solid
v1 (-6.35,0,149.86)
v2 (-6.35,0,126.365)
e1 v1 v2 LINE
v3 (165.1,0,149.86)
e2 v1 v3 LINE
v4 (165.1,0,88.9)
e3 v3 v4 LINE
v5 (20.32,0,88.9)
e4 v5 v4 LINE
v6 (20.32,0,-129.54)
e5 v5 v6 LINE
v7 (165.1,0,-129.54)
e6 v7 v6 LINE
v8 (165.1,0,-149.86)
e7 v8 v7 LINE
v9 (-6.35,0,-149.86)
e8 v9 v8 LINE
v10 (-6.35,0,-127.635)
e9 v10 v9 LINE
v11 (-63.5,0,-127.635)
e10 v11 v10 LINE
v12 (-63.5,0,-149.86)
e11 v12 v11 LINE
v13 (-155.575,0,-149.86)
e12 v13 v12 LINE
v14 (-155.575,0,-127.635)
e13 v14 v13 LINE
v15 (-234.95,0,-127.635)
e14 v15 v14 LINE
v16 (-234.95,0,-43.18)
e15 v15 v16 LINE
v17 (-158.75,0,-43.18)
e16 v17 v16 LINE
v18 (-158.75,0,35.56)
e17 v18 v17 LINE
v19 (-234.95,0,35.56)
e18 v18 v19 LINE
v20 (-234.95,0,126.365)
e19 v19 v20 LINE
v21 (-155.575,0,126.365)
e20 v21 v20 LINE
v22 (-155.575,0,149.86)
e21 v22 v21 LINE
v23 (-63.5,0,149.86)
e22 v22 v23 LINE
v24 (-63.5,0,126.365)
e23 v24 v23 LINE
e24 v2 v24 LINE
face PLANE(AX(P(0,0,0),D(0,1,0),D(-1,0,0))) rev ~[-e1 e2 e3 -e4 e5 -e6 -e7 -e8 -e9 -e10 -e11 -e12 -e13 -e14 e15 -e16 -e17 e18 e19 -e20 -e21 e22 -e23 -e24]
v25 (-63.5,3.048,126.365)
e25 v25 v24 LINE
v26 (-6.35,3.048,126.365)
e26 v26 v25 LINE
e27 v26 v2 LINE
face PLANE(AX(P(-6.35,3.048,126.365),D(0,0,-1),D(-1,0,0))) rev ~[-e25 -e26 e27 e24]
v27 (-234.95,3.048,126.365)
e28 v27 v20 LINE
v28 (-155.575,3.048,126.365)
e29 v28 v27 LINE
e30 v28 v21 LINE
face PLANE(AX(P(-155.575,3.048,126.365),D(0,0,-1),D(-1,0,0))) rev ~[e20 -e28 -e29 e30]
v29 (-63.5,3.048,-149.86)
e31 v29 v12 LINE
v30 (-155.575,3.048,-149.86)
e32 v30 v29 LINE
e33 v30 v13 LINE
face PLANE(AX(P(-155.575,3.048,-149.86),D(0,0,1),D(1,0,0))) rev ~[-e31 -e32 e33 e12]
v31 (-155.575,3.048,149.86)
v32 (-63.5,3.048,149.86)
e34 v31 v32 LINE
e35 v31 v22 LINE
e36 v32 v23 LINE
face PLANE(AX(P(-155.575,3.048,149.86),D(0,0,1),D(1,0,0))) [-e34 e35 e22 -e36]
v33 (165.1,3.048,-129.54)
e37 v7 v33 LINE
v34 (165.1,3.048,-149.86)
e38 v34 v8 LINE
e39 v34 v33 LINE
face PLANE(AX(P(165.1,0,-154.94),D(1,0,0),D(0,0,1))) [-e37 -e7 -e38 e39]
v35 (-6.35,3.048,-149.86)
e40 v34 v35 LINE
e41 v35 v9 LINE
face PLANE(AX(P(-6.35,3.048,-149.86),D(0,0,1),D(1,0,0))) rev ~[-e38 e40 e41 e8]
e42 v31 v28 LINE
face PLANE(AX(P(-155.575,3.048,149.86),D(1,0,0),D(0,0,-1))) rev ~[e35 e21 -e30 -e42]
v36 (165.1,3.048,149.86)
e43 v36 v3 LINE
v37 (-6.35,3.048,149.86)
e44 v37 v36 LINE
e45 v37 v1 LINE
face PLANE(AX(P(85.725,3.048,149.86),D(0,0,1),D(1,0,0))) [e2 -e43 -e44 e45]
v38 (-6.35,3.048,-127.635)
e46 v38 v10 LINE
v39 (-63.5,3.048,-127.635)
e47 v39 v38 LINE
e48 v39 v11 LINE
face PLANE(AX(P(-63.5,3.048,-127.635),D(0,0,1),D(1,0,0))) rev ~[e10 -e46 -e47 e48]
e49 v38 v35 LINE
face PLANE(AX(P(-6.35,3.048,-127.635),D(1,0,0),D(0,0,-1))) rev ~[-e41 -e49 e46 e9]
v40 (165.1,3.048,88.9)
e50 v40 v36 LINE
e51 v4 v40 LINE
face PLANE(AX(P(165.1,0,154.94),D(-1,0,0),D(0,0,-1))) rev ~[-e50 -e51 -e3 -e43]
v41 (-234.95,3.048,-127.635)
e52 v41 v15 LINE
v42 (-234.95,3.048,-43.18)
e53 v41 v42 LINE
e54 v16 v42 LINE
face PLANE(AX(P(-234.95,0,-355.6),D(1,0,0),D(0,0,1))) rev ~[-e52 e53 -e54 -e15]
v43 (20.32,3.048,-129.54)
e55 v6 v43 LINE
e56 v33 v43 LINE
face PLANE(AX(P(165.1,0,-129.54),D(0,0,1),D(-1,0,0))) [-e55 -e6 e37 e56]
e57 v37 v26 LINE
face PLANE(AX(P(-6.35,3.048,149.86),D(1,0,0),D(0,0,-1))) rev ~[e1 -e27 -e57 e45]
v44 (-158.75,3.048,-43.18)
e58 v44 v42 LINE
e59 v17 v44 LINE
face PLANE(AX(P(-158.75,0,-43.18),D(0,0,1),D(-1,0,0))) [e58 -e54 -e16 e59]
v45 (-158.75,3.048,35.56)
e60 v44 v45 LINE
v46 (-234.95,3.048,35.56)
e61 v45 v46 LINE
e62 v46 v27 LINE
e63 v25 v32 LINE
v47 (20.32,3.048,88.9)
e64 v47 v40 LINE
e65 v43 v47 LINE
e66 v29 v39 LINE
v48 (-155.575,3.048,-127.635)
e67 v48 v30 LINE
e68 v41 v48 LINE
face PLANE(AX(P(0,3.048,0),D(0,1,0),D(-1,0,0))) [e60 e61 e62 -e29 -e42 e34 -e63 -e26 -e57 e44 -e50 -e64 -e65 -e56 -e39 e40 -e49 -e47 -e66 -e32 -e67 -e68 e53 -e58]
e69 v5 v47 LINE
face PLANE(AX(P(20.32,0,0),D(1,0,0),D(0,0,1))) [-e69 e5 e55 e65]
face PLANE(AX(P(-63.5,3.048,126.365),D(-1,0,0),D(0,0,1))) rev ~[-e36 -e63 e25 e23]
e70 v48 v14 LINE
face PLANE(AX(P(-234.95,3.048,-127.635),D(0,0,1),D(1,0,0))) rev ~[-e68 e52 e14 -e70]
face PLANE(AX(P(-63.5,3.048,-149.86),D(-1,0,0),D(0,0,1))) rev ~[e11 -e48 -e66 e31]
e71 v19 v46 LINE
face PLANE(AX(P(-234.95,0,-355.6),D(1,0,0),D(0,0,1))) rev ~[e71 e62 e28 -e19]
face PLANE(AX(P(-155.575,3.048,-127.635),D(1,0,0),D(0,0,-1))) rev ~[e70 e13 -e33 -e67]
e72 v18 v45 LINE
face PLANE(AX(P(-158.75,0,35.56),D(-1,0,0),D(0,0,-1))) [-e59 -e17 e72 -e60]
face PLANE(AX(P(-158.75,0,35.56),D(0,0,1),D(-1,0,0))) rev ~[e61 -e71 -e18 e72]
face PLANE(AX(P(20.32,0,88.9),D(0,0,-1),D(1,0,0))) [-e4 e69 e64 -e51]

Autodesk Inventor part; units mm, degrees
ref_plane "YZ Plane" through (0, 0, 0) normal (1, 0, 0) x (0, 1, 0)
ref_plane "XZ Plane" through (0, 0, 0) normal (0, 1, 0) x (-1, 0, 0)
ref_plane "XY Plane" through (0, 0, 0) normal (0, 0, 1) x (1, 0, 0)
sketch "Sketch1" plane through (0, 0, 0) normal (0, 1, 0) x (-1, 0, 0)
  line L0 (234.95, 355.6) -> (-234.95, 355.6)
  line L1 (-234.95, 355.6) -> (-234.95, -355.6)
  line L2 (-234.95, -355.6) -> (234.95, -355.6)
  line L3 (234.95, -355.6) -> (234.95, 355.6)
  line L4 (234.95, 355.6) -> (-234.95, -355.6) construction
  line L5 (-234.95, 355.6) -> (234.95, -355.6) construction
  point P0 (0, 0)
  dimension "d0" = 469.9
  dimension "d1" = 711.2
extrude "Plate1" add sketch "Sketch1" along normal blind 3.048
sketch "Sketch3" plane through (0, 3.048, 0) normal (0, 1, 0) x (1, 0, 0)
  line L0 (234.95, -355.6) -> (-234.95, -355.6) projected
  point P0 (0, 0)
sketch "Sketch4" plane through (0, 0, 0) normal (0, -1, 0) x (1, 0, 0)
  line L0 (-234.95, 355.6) -> (234.95, 355.6) projected
  line L1 (-234.95, -355.6) -> (-234.95, 355.6) projected
  line L2 (234.95, -355.6) -> (-234.95, -355.6) projected
  line L3 (234.95, 355.6) -> (234.95, -355.6) projected
  line L4 (-234.95, 355.6) -> (234.95, 355.6) projected
  line L5 (25.4, 355.6) -> (25.4, 294.64)
  line L6 (165.1, 101.6) -> (234.95, 101.6)
  line L7 (234.95, 355.6) -> (234.95, -355.6) projected
  line L8 (25.4, 294.64) -> (165.1, 154.94)
  line L9 (25.4, 294.64) -> (222.9656, 294.64) construction
  line L10 (165.1, 154.94) -> (165.1, 101.6)
  line L11 (234.95, 0) -> (-234.95, 0)
  line L12 (-234.95, -355.6) -> (-234.95, 355.6) projected
  line L13 (25.4, -355.6) -> (25.4, -294.64)
  line L14 (165.1, -127) -> (234.95, -127)
  line L15 (25.4, -294.64) -> (165.1, -154.94)
  line L16 (25.4, -294.64) -> (222.9656, -294.64) construction
  line L17 (165.1, -154.94) -> (165.1, -127)
  line L18 (-234.95, 184.15) -> (-120.65, 184.15)
  line L19 (-120.65, 184.15) -> (-120.65, 177.8)
  line L20 (-120.65, 177.8) -> (-222.25, 177.8)
  line L21 (-222.25, 177.8) -> (-222.25, 152.4)
  line L22 (-222.25, 152.4) -> (-234.95, 152.4)
  line L23 (-234.95, 149.86) -> (-219.71, 149.86)
  line L24 (-219.71, 149.86) -> (-219.71, 175.26)
  line L25 (-219.71, 175.26) -> (-118.11, 175.26)
  line L26 (-118.11, 175.26) -> (-118.11, 186.69)
  line L27 (-118.11, 186.69) -> (-234.95, 186.69)
  line L28 (165.1, -129.54) -> (20.32, -129.54)
  line L29 (20.32, -129.54) -> (20.32, 88.9)
  line L30 (20.32, 88.9) -> (165.1, 88.9)
  line L31 (165.1, 101.6) -> (165.1, 88.9)
  line L32 (-234.95, -184.15) -> (-120.65, -184.15)
  line L33 (-120.65, -184.15) -> (-120.65, -177.8)
  line L34 (-120.65, -177.8) -> (-222.25, -177.8)
  line L35 (-222.25, -177.8) -> (-222.25, -152.4)
  line L36 (-222.25, -152.4) -> (-234.95, -152.4)
  line L37 (-234.95, -149.86) -> (-219.71, -149.86)
  line L38 (-219.71, -149.86) -> (-219.71, -175.26)
  line L39 (-219.71, -175.26) -> (-118.11, -175.26)
  line L40 (-118.11, -175.26) -> (-118.11, -186.69)
  line L41 (-118.11, -186.69) -> (-234.95, -186.69)
  line L42 (-158.75, 35.56) -> (-158.75, -43.18)
  line L43 (-158.75, -43.18) -> (-234.95, -43.18)
  line L44 (-158.75, 35.56) -> (-234.95, 35.56)
  line L45 (25.4, 330.2) -> (6.35, 330.2)
  line L46 (6.35, 330.2) -> (6.35, 355.6)
  line L47 (25.4, -330.2) -> (6.35, -330.2)
  line L48 (6.35, -330.2) -> (6.35, -355.6)
  line L49 (234.95, -355.6) -> (-234.95, -355.6) projected
  point P0 (0, 0)
  dimension "d3" = 209.55
  dimension "d4" = 254
  dimension "d5" = 45
  dimension "d6" = 60.96
  dimension "d9" = 69.85
  dimension "d12" = 45
  dimension "d13" = 209.55
  dimension "d14" = 228.6
  dimension "d15" = 69.85
  dimension "d16" = 60.96
  dimension "d17" = 171.45
  dimension "d18" = 114.3
  dimension "d19" = 6.35
  dimension "d21" = 101.6
  dimension "d22" = 25.4
  dimension "d23" = 2.54
  dimension "d26" = 144.78
  dimension "d31" = 12.7
  dimension "d32" = 114.3
  dimension "d33" = 171.45
  dimension "d34" = 6.35
  dimension "d35" = 101.6
  dimension "d36" = 25.4
  dimension "d37" = 2.54
  dimension "d38" = 76.2
  dimension "d39" = 35.56
  dimension "d40" = 43.18
  dimension "d41" = 2.54
  dimension "d42" = 25.4
  dimension "d43" = 19.05
  dimension "d44" = 25.4
  dimension "d45" = 19.05
extrude "Cut1" cut sketch "Sketch4" against normal blind 3.048 contours L27 L26 L25 L24 L23 L1 L22 L21 L20 L19 L18 | L0 L3 L6 L10 L8 L5 | L18 L19 L20 L21 L22 L1 | L3 L11 L29 L30 L31 L6 | L3 L14 L17 L28 L29 L11 | L44 L42 L11 L1 | L3 L2 L13 L15 L17 L14 | L11 L42 L43 L1 | L37 L38 L39 L40 L41 L1 L32 L33 L34 L35 L36 | L36 L35 L34 L33 L32 L1
sketch "Sketch5" plane through (0, 0, 0) normal (0, -1, 0) x (1, 0, 0)
  line L0 (25.4, 355.6) -> (25.4, 294.64) projected
  line L1 (25.4, 294.64) -> (165.1, 154.94) projected
  line L2 (165.1, 154.94) -> (165.1, 88.9) projected
  line L3 (165.1, 88.9) -> (20.32, 88.9) projected
  line L4 (20.32, 88.9) -> (20.32, -129.54) projected
  line L5 (20.32, -129.54) -> (165.1, -129.54) projected
  line L6 (165.1, -129.54) -> (165.1, -154.94) projected
  line L7 (165.1, -154.94) -> (25.4, -294.64) projected
  line L8 (25.4, -294.64) -> (25.4, -355.6) projected
  line L9 (25.4, -355.6) -> (-234.95, -355.6) projected
  line L10 (-234.95, -355.6) -> (-234.95, -186.69) projected
  line L11 (-234.95, -186.69) -> (-118.11, -186.69) projected
  line L12 (-118.11, -186.69) -> (-118.11, -175.26) projected
  line L13 (-118.11, -175.26) -> (-219.71, -175.26) projected
  line L14 (-219.71, -175.26) -> (-219.71, -149.86) projected
  line L15 (-219.71, -149.86) -> (-234.95, -149.86) projected
  line L16 (-234.95, -149.86) -> (-234.95, -43.18) projected
  line L17 (-234.95, -43.18) -> (-158.75, -43.18) projected
  line L18 (-158.75, -43.18) -> (-158.75, 35.56) projected
  line L19 (-158.75, 35.56) -> (-234.95, 35.56) projected
  line L20 (-234.95, 35.56) -> (-234.95, 149.86) projected
  line L21 (-234.95, 149.86) -> (-219.71, 149.86) projected
  line L22 (-219.71, 149.86) -> (-219.71, 175.26) projected
  line L23 (-219.71, 175.26) -> (-118.11, 175.26) projected
  line L24 (-118.11, 175.26) -> (-118.11, 186.69) projected
  line L25 (-118.11, 186.69) -> (-234.95, 186.69) projected
  line L26 (-234.95, 186.69) -> (-234.95, 355.6) projected
  line L27 (-234.95, 355.6) -> (25.4, 355.6) projected
  line L28 (25.4, -355.6) -> (-234.95, -355.6) projected
  line L29 (25.4, -355.6) -> (6.35, -355.6)
  line L30 (6.35, -355.6) -> (6.35, -330.2)
  line L31 (6.35, -330.2) -> (25.4, -330.2)
  line L32 (25.4, -330.2) -> (25.4, -355.6)
  line L33 (-234.95, 355.6) -> (25.4, 355.6) projected
  line L34 (25.4, 355.6) -> (6.35, 355.6)
  line L35 (6.35, 355.6) -> (6.35, 330.2)
  line L36 (6.35, 330.2) -> (25.4, 330.2)
  line L37 (25.4, 330.2) -> (25.4, 355.6)
  line L38 (-146.05, -355.6) -> (-101.6, -355.6)
  line L39 (-101.6, -355.6) -> (-101.6, -330.2)
  line L40 (-101.6, -330.2) -> (-146.05, -330.2)
  line L41 (-146.05, -330.2) -> (-146.05, -355.6)
  line L42 (-146.05, 355.6) -> (-101.6, 355.6)
  line L43 (-101.6, 355.6) -> (-101.6, 330.2)
  line L44 (-101.6, 330.2) -> (-146.05, 330.2)
  line L45 (-146.05, 330.2) -> (-146.05, 355.6)
  point P0 (0, 0)
  dimension "d46" = 19.05
  dimension "d47" = 25.4
  dimension "d48" = 19.05
  dimension "d49" = 25.4
  dimension "d52" = 44.45
  dimension "d53" = 25.4
  dimension "d54" = 88.9
  dimension "d55" = 44.45
  dimension "d56" = 25.4
  dimension "d57" = 88.9
extrude "Cut2" cut sketch "Sketch5" against normal blind 3.048 contours L0 L36 L35 L27 | L43 L44 L45 L27 | L8 L9 L30 L31 | L9 L41 L40 L39
sketch "Sketch6" plane through (0, 3.048, 0) normal (0, 1, 0) x (1, 0, 0)
  line L0 (20.32, -88.9) -> (165.1, -88.9) projected
  line L1 (165.1, -88.9) -> (165.1, -154.94) projected
  line L2 (165.1, -154.94) -> (25.4, -294.64) projected
  line L3 (25.4, -294.64) -> (25.4, -330.2) projected
  line L4 (25.4, -330.2) -> (6.35, -330.2) projected
  line L5 (6.35, -330.2) -> (6.35, -355.6) projected
  line L6 (6.35, -355.6) -> (-101.6, -355.6) projected
  line L7 (-101.6, -355.6) -> (-101.6, -330.2) projected
  line L8 (-101.6, -330.2) -> (-146.05, -330.2) projected
  line L9 (-146.05, -330.2) -> (-146.05, -355.6) projected
  line L10 (-146.05, -355.6) -> (-234.95, -355.6) projected
  line L11 (-234.95, -355.6) -> (-234.95, -186.69) projected
  line L12 (-234.95, -186.69) -> (-118.11, -186.69) projected
  line L13 (-118.11, -186.69) -> (-118.11, -175.26) projected
  line L14 (-118.11, -175.26) -> (-219.71, -175.26) projected
  line L15 (-219.71, -175.26) -> (-219.71, -149.86) projected
  line L16 (-219.71, -149.86) -> (-234.95, -149.86) projected
  line L17 (-234.95, -149.86) -> (-234.95, -35.56) projected
  line L18 (-234.95, -35.56) -> (-158.75, -35.56) projected
  line L19 (-158.75, -35.56) -> (-158.75, 43.18) projected
  line L20 (-158.75, 43.18) -> (-234.95, 43.18) projected
  line L21 (-234.95, 43.18) -> (-234.95, 149.86) projected
  line L22 (-234.95, 149.86) -> (-219.71, 149.86) projected
  line L23 (-219.71, 149.86) -> (-219.71, 175.26) projected
  line L24 (-219.71, 175.26) -> (-118.11, 175.26) projected
  line L25 (-118.11, 175.26) -> (-118.11, 186.69) projected
  line L26 (-118.11, 186.69) -> (-234.95, 186.69) projected
  line L27 (-234.95, 186.69) -> (-234.95, 355.6) projected
  line L28 (-234.95, 355.6) -> (-146.05, 355.6) projected
  line L29 (-146.05, 355.6) -> (-146.05, 330.2) projected
  line L30 (-146.05, 330.2) -> (-101.6, 330.2) projected
  line L31 (-101.6, 330.2) -> (-101.6, 355.6) projected
  line L32 (-101.6, 355.6) -> (6.35, 355.6) projected
  line L33 (6.35, 355.6) -> (6.35, 330.2) projected
  line L34 (6.35, 330.2) -> (25.4, 330.2) projected
  line L35 (25.4, 330.2) -> (25.4, 294.64) projected
  line L36 (25.4, 294.64) -> (165.1, 154.94) projected
  line L37 (165.1, 154.94) -> (165.1, 129.54) projected
  line L38 (165.1, 129.54) -> (20.32, 129.54) projected
  line L39 (20.32, 129.54) -> (20.32, -88.9) projected
  line L40 (-234.95, -151.765) -> (-155.575, -151.765)
  line L41 (-155.575, -151.765) -> (-155.575, -126.365)
  line L42 (-155.575, -126.365) -> (-234.95, -126.365)
  line L43 (-234.95, -126.365) -> (-234.95, -151.765)
  line L44 (-234.95, -151.765) -> (-155.575, -126.365) construction
  line L45 (-155.575, -151.765) -> (-234.95, -126.365) construction
  line L46 (85.725, -151.765) -> (165.1, -151.765)
  line L47 (165.1, -151.765) -> (165.1, -126.365)
  line L48 (165.1, -126.365) -> (85.725, -126.365)
  line L49 (85.725, -126.365) -> (85.725, -151.765)
  line L50 (85.725, -151.765) -> (165.1, -126.365) construction
  line L51 (165.1, -151.765) -> (85.725, -126.365) construction
  line L52 (165.1, -154.94) -> (165.1, -88.9) projected
  line L53 (-234.95, -149.86) -> (-234.95, -35.56) projected
  line L54 (85.725, 127.635) -> (165.1, 127.635)
  line L55 (165.1, 127.635) -> (165.1, 153.035)
  line L56 (165.1, 153.035) -> (85.725, 153.035)
  line L57 (85.725, 153.035) -> (85.725, 127.635)
  line L58 (85.725, 127.635) -> (165.1, 153.035) construction
  line L59 (165.1, 127.635) -> (85.725, 153.035) construction
  line L60 (-63.5, 127.635) -> (-6.35, 127.635)
  line L61 (-6.35, 127.635) -> (-6.35, 153.035)
  line L62 (-6.35, 153.035) -> (-63.5, 153.035)
  line L63 (-63.5, 153.035) -> (-63.5, 127.635)
  line L64 (-63.5, 127.635) -> (-6.35, 153.035) construction
  line L65 (-6.35, 127.635) -> (-63.5, 153.035) construction
  line L66 (-63.5, -151.765) -> (-6.35, -151.765)
  line L67 (-6.35, -151.765) -> (-6.35, -126.365)
  line L68 (-6.35, -126.365) -> (-63.5, -126.365)
  line L69 (-63.5, -126.365) -> (-63.5, -151.765)
  line L70 (-63.5, -151.765) -> (-6.35, -126.365) construction
  line L71 (-6.35, -151.765) -> (-63.5, -126.365) construction
  line L72 (-195.2625, -139.065) -> (125.4125, -139.065) construction
  line L73 (-234.95, 127.635) -> (-155.575, 127.635)
  line L74 (-155.575, 127.635) -> (-155.575, 153.035)
  line L75 (-155.575, 153.035) -> (-234.95, 153.035)
  line L76 (-234.95, 153.035) -> (-234.95, 127.635)
  line L77 (-234.95, 127.635) -> (-155.575, 153.035) construction
  line L78 (-155.575, 127.635) -> (-234.95, 153.035) construction
  line L79 (-155.575, -151.765) -> (85.725, -151.765)
  line L80 (85.725, 153.035) -> (-155.575, 153.035)
  line L81 (-234.95, -35.56) -> (-234.95, -149.86) construction
  line L82 (-234.95, -149.86) -> (165.1, -149.86)
  line L83 (-234.95, 149.86) -> (165.1, 149.86)
  line L84 (165.1, 154.94) -> (165.1, 129.54) construction
  point P0 (0, 0)
  point P1 (125.4125, 140.335)
  point P2 (-34.925, 140.335)
  point P3 (-34.925, -139.065)
  point P4 (-34.925, -139.065)
  point P5 (-195.2625, 140.335)
  point P6 (-63.5, 153.035)
  point P7 (-6.35, 153.035)
  point P8 (-6.35, -151.765)
  point P9 (-63.5, -151.765)
  point P10 (-63.5, -149.86)
  point P11 (-155.575, -149.86)
  point P12 (-6.35, -149.86)
  point P13 (165.1, -149.86)
  point P14 (-6.35, 149.86)
  point P15 (-155.575, 149.86)
  point P16 (-63.5, 149.86)
  dimension "d58" = 25.4
  dimension "d59" = 3.175
  dimension "d60" = 79.375
  dimension "d61" = 57.15
  dimension "d62" = 279.4
extrude "Extrusion1" cut sketch "Sketch6" against normal through all contours L1 L46 L49 L82 | L83 L61 L80 L57 | L57 L56 L37 L83 | L1 L2 L3 L4 L5 L6 L7 L8 L9 L10 L11 L12 L13 L14 L15 L40 L79 L66 L46 | L49 L79 L67 L82 | L80 L62 L75 L23 L24 L25 L26 L27 L28 L29 L30 L31 L32 L33 L34 L35 L36 L37 L56 | L83 L63 L62 L61 | L61 L60 L63 L83 | L82 L69 L68 L67 | L67 L66 L69 L82 | L83 L74 L80 L63 | L69 L79 L41 L82 | L83 L23 L75 L74 | L74 L73 L21 L22 L83 | L82 L16 L17 L42 L41 | L41 L40 L15 L82
equation "\"d10\" = Thickness"
equation "\"d2\" = Thickness"
equation "\"BendRadius\" = Thickness"
equation "\"BendReliefWidth\" = Thickness"
equation "\"BendReliefDepth\" = 0.5 * Thickness"
equation "\"CornerReliefSize\" = 4 * Thickness"
equation "\"MinimumRemnant\" = 2 * Thickness"
equation "\"TransitionRadius\" = BendRadius"
equation "\"JacobiRadiusSize\" = BendRadius"
equation "\"GapSize\" = Thickness"
equation "\"Thickness\" = 3.048"
properties part number "DB1-020" material "Polycarbonate, Smoke"
